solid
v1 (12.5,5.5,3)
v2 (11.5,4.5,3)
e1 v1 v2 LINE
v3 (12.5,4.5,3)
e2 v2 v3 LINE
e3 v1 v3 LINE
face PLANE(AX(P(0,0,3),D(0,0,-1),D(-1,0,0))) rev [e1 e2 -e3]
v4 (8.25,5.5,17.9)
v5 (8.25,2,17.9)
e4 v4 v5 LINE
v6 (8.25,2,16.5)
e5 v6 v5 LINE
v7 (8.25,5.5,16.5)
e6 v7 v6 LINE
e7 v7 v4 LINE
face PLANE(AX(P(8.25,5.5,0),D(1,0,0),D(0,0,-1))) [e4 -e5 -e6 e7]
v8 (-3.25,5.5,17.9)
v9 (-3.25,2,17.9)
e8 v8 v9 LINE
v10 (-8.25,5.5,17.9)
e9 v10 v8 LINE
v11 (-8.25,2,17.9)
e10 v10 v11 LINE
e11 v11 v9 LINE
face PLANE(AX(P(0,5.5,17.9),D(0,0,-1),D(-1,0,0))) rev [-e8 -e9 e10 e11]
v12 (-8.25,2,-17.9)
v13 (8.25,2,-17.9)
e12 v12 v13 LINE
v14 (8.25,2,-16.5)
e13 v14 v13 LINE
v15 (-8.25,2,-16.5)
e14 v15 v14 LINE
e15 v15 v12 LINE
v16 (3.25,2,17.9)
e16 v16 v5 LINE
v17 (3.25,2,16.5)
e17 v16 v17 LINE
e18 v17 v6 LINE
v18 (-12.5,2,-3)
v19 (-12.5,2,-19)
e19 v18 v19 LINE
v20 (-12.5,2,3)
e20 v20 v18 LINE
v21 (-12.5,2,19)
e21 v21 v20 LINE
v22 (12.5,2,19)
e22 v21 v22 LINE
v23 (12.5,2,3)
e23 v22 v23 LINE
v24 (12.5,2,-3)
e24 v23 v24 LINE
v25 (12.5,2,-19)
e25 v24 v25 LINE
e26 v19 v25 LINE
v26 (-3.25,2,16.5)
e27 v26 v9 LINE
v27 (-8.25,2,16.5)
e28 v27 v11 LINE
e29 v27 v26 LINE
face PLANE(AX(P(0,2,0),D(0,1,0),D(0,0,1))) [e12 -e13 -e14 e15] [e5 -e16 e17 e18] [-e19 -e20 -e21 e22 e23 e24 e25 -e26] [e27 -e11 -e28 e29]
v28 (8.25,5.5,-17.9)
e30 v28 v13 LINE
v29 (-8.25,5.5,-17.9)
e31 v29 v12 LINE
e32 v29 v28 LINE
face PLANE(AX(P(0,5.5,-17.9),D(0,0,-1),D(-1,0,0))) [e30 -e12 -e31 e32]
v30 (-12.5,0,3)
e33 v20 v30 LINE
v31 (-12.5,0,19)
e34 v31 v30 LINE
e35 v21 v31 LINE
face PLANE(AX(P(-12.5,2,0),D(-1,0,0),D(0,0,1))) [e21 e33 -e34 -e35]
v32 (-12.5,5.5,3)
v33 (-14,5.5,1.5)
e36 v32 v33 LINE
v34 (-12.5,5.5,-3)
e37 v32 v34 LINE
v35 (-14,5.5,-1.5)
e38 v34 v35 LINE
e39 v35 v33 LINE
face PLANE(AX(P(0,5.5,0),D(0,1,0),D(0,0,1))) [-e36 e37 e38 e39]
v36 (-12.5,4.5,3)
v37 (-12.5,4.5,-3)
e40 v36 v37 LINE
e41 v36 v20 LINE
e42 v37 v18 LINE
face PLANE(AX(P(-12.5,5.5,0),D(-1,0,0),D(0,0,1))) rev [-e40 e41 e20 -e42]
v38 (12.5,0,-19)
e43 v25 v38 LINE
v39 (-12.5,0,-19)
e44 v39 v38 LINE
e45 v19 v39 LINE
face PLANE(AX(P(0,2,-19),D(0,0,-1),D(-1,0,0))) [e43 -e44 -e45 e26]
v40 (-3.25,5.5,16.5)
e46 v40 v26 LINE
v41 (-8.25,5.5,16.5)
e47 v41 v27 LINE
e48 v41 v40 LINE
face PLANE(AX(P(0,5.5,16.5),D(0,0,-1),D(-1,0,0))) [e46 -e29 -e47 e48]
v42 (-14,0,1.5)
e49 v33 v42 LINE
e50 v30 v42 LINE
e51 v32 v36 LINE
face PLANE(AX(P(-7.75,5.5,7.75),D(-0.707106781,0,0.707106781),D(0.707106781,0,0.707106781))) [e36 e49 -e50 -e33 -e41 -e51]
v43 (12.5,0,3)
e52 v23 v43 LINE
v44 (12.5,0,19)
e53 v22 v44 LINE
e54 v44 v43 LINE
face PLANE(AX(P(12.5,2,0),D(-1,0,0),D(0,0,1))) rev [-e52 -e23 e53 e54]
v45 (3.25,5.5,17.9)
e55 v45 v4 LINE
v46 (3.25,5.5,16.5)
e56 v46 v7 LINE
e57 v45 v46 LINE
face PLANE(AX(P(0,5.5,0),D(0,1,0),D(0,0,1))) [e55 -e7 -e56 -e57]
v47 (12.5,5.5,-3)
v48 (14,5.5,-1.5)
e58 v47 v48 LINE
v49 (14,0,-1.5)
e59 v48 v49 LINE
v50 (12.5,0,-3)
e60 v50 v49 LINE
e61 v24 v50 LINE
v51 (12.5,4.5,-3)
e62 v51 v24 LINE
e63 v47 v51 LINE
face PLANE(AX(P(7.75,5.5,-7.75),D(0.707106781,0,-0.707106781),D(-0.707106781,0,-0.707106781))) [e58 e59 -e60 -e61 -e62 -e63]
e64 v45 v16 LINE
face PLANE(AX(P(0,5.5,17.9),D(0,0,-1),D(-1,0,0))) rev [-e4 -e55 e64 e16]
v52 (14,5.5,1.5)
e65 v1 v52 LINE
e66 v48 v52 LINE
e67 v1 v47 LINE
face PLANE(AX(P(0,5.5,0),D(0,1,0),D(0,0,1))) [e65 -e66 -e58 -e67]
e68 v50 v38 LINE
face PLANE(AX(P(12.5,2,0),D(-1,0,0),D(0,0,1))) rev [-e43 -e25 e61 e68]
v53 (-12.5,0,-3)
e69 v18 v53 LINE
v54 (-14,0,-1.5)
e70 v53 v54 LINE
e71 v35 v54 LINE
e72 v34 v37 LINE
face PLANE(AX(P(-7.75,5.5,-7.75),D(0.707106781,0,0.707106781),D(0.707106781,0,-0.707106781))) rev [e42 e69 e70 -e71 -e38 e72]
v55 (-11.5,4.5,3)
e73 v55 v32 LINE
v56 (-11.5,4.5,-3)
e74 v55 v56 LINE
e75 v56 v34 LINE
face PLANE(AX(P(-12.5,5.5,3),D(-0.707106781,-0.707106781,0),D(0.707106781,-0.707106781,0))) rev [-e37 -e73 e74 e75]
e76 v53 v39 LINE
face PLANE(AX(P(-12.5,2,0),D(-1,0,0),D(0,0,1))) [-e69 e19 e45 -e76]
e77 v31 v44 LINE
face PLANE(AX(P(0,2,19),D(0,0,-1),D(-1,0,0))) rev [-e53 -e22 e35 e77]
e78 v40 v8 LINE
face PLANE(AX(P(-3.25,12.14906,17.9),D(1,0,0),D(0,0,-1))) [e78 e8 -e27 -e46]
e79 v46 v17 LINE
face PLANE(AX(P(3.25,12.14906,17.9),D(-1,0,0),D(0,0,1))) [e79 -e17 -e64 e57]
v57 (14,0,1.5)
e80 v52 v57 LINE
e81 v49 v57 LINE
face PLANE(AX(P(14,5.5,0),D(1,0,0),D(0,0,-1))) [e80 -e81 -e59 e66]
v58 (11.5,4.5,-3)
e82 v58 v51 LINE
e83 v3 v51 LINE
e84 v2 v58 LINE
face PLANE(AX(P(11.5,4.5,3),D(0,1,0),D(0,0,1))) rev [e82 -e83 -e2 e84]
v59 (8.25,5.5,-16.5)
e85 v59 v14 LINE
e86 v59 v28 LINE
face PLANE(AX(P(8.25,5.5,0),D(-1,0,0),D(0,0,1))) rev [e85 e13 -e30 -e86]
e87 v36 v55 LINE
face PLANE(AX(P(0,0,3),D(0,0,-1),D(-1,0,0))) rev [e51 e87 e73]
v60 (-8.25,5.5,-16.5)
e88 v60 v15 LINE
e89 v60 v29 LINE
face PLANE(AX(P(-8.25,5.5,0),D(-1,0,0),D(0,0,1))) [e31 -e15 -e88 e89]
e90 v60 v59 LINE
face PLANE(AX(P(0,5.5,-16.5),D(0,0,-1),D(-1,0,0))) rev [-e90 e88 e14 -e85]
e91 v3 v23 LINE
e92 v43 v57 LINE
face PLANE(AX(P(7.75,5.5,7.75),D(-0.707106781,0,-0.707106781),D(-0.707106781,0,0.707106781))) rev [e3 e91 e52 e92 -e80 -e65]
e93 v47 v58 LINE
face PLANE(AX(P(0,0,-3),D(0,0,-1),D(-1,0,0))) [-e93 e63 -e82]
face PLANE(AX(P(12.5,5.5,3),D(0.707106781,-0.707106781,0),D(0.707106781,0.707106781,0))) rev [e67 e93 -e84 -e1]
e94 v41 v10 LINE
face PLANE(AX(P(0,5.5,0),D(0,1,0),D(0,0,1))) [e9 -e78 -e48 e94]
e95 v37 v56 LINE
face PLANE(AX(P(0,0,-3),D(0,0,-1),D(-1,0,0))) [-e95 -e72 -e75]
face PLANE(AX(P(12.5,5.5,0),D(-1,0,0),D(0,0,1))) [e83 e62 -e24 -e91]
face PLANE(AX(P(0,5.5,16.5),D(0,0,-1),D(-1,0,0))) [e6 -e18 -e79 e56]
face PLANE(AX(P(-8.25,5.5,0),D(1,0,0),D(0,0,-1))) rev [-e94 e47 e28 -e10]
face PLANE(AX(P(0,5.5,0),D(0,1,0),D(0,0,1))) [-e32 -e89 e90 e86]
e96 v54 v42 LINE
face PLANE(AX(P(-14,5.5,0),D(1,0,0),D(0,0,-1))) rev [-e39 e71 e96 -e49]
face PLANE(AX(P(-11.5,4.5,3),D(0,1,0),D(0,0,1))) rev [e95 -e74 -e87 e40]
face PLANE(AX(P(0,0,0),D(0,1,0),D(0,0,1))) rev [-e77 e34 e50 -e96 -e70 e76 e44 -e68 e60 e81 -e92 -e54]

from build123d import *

# Parameters (mm, degrees)
SKETCH1_W                = 25
SKETCH1_H                = 38
SKETCH1_W_2              = 16.5
SKETCH1_H_2              = 1.4
BOSS_EXTRUDE1_DEPTH      = 2
SKETCH1_3_W              = 16.5
SKETCH1_3_H              = 1.4
BOSS_EXTRUDE2_DEPTH      = 5.5
BOSS_EXTRUDE3_DEPTH      = 3
BOSS_EXTRUDE3_DEPTH_BACK = 3
SKETCH3_W                = 6.5
SKETCH3_H                = 1.4
CUT_EXTRUDE1_DEPTH       = 3.5


with BuildPart() as part:
    # Sketch1 → Boss-Extrude1 (new body)
    with BuildSketch(Plane(origin=(0, 0, 0), x_dir=(1, 0, 0), z_dir=(0, 1, 0))):
        Rectangle(SKETCH1_W, SKETCH1_H)
        with Locations((0, -17.2)):
            Rectangle(SKETCH1_W_2, SKETCH1_H_2, mode=Mode.SUBTRACT)
        with Locations((0, 17.2)):
            Rectangle(SKETCH1_W_2, SKETCH1_H_2, mode=Mode.SUBTRACT)
    extrude(amount=BOSS_EXTRUDE1_DEPTH)

    # Sketch1<3> → Boss-Extrude2 (add)
    with BuildSketch(Plane(origin=(0, 0, 0), x_dir=(1, 0, 0), z_dir=(0, 1, 0))):
        Polygon((-14, -1.5), (-12.5, -3), (-12.5, 3), (-14, 1.5), align=None)
        Polygon((12.5, 3), (12.5, -3), (14, -1.5), (14, 1.5), align=None)
        with Locations((0, 17.2)):
            Rectangle(SKETCH1_3_W, SKETCH1_3_H)
        with Locations((0, -17.2)):
            Rectangle(SKETCH1_3_W, SKETCH1_3_H)
    extrude(amount=BOSS_EXTRUDE2_DEPTH)

    # Sketch2 → Boss-Extrude3 (add, two sides: drawn at the far end of the back side and taken through both)
    with BuildSketch(Plane.XY.offset(-BOSS_EXTRUDE3_DEPTH_BACK)):
        Polygon((12.5, 5.5), (11.5, 4.5), (12.5, 4.5), align=None)
        Polygon((-11.5, 4.5), (-12.5, 4.5), (-12.5, 5.5), align=None)
    extrude(amount=BOSS_EXTRUDE3_DEPTH + BOSS_EXTRUDE3_DEPTH_BACK)

    # Sketch3 → Cut-Extrude1 (cut)
    with BuildSketch(Plane(origin=(0, 2, 0), x_dir=(1, 0, 0), z_dir=(0, 1, 0))):
        with Locations((0, -17.2)):
            Rectangle(SKETCH3_W, SKETCH3_H)
    extrude(amount=CUT_EXTRUDE1_DEPTH, mode=Mode.SUBTRACT)


solid = part.part
